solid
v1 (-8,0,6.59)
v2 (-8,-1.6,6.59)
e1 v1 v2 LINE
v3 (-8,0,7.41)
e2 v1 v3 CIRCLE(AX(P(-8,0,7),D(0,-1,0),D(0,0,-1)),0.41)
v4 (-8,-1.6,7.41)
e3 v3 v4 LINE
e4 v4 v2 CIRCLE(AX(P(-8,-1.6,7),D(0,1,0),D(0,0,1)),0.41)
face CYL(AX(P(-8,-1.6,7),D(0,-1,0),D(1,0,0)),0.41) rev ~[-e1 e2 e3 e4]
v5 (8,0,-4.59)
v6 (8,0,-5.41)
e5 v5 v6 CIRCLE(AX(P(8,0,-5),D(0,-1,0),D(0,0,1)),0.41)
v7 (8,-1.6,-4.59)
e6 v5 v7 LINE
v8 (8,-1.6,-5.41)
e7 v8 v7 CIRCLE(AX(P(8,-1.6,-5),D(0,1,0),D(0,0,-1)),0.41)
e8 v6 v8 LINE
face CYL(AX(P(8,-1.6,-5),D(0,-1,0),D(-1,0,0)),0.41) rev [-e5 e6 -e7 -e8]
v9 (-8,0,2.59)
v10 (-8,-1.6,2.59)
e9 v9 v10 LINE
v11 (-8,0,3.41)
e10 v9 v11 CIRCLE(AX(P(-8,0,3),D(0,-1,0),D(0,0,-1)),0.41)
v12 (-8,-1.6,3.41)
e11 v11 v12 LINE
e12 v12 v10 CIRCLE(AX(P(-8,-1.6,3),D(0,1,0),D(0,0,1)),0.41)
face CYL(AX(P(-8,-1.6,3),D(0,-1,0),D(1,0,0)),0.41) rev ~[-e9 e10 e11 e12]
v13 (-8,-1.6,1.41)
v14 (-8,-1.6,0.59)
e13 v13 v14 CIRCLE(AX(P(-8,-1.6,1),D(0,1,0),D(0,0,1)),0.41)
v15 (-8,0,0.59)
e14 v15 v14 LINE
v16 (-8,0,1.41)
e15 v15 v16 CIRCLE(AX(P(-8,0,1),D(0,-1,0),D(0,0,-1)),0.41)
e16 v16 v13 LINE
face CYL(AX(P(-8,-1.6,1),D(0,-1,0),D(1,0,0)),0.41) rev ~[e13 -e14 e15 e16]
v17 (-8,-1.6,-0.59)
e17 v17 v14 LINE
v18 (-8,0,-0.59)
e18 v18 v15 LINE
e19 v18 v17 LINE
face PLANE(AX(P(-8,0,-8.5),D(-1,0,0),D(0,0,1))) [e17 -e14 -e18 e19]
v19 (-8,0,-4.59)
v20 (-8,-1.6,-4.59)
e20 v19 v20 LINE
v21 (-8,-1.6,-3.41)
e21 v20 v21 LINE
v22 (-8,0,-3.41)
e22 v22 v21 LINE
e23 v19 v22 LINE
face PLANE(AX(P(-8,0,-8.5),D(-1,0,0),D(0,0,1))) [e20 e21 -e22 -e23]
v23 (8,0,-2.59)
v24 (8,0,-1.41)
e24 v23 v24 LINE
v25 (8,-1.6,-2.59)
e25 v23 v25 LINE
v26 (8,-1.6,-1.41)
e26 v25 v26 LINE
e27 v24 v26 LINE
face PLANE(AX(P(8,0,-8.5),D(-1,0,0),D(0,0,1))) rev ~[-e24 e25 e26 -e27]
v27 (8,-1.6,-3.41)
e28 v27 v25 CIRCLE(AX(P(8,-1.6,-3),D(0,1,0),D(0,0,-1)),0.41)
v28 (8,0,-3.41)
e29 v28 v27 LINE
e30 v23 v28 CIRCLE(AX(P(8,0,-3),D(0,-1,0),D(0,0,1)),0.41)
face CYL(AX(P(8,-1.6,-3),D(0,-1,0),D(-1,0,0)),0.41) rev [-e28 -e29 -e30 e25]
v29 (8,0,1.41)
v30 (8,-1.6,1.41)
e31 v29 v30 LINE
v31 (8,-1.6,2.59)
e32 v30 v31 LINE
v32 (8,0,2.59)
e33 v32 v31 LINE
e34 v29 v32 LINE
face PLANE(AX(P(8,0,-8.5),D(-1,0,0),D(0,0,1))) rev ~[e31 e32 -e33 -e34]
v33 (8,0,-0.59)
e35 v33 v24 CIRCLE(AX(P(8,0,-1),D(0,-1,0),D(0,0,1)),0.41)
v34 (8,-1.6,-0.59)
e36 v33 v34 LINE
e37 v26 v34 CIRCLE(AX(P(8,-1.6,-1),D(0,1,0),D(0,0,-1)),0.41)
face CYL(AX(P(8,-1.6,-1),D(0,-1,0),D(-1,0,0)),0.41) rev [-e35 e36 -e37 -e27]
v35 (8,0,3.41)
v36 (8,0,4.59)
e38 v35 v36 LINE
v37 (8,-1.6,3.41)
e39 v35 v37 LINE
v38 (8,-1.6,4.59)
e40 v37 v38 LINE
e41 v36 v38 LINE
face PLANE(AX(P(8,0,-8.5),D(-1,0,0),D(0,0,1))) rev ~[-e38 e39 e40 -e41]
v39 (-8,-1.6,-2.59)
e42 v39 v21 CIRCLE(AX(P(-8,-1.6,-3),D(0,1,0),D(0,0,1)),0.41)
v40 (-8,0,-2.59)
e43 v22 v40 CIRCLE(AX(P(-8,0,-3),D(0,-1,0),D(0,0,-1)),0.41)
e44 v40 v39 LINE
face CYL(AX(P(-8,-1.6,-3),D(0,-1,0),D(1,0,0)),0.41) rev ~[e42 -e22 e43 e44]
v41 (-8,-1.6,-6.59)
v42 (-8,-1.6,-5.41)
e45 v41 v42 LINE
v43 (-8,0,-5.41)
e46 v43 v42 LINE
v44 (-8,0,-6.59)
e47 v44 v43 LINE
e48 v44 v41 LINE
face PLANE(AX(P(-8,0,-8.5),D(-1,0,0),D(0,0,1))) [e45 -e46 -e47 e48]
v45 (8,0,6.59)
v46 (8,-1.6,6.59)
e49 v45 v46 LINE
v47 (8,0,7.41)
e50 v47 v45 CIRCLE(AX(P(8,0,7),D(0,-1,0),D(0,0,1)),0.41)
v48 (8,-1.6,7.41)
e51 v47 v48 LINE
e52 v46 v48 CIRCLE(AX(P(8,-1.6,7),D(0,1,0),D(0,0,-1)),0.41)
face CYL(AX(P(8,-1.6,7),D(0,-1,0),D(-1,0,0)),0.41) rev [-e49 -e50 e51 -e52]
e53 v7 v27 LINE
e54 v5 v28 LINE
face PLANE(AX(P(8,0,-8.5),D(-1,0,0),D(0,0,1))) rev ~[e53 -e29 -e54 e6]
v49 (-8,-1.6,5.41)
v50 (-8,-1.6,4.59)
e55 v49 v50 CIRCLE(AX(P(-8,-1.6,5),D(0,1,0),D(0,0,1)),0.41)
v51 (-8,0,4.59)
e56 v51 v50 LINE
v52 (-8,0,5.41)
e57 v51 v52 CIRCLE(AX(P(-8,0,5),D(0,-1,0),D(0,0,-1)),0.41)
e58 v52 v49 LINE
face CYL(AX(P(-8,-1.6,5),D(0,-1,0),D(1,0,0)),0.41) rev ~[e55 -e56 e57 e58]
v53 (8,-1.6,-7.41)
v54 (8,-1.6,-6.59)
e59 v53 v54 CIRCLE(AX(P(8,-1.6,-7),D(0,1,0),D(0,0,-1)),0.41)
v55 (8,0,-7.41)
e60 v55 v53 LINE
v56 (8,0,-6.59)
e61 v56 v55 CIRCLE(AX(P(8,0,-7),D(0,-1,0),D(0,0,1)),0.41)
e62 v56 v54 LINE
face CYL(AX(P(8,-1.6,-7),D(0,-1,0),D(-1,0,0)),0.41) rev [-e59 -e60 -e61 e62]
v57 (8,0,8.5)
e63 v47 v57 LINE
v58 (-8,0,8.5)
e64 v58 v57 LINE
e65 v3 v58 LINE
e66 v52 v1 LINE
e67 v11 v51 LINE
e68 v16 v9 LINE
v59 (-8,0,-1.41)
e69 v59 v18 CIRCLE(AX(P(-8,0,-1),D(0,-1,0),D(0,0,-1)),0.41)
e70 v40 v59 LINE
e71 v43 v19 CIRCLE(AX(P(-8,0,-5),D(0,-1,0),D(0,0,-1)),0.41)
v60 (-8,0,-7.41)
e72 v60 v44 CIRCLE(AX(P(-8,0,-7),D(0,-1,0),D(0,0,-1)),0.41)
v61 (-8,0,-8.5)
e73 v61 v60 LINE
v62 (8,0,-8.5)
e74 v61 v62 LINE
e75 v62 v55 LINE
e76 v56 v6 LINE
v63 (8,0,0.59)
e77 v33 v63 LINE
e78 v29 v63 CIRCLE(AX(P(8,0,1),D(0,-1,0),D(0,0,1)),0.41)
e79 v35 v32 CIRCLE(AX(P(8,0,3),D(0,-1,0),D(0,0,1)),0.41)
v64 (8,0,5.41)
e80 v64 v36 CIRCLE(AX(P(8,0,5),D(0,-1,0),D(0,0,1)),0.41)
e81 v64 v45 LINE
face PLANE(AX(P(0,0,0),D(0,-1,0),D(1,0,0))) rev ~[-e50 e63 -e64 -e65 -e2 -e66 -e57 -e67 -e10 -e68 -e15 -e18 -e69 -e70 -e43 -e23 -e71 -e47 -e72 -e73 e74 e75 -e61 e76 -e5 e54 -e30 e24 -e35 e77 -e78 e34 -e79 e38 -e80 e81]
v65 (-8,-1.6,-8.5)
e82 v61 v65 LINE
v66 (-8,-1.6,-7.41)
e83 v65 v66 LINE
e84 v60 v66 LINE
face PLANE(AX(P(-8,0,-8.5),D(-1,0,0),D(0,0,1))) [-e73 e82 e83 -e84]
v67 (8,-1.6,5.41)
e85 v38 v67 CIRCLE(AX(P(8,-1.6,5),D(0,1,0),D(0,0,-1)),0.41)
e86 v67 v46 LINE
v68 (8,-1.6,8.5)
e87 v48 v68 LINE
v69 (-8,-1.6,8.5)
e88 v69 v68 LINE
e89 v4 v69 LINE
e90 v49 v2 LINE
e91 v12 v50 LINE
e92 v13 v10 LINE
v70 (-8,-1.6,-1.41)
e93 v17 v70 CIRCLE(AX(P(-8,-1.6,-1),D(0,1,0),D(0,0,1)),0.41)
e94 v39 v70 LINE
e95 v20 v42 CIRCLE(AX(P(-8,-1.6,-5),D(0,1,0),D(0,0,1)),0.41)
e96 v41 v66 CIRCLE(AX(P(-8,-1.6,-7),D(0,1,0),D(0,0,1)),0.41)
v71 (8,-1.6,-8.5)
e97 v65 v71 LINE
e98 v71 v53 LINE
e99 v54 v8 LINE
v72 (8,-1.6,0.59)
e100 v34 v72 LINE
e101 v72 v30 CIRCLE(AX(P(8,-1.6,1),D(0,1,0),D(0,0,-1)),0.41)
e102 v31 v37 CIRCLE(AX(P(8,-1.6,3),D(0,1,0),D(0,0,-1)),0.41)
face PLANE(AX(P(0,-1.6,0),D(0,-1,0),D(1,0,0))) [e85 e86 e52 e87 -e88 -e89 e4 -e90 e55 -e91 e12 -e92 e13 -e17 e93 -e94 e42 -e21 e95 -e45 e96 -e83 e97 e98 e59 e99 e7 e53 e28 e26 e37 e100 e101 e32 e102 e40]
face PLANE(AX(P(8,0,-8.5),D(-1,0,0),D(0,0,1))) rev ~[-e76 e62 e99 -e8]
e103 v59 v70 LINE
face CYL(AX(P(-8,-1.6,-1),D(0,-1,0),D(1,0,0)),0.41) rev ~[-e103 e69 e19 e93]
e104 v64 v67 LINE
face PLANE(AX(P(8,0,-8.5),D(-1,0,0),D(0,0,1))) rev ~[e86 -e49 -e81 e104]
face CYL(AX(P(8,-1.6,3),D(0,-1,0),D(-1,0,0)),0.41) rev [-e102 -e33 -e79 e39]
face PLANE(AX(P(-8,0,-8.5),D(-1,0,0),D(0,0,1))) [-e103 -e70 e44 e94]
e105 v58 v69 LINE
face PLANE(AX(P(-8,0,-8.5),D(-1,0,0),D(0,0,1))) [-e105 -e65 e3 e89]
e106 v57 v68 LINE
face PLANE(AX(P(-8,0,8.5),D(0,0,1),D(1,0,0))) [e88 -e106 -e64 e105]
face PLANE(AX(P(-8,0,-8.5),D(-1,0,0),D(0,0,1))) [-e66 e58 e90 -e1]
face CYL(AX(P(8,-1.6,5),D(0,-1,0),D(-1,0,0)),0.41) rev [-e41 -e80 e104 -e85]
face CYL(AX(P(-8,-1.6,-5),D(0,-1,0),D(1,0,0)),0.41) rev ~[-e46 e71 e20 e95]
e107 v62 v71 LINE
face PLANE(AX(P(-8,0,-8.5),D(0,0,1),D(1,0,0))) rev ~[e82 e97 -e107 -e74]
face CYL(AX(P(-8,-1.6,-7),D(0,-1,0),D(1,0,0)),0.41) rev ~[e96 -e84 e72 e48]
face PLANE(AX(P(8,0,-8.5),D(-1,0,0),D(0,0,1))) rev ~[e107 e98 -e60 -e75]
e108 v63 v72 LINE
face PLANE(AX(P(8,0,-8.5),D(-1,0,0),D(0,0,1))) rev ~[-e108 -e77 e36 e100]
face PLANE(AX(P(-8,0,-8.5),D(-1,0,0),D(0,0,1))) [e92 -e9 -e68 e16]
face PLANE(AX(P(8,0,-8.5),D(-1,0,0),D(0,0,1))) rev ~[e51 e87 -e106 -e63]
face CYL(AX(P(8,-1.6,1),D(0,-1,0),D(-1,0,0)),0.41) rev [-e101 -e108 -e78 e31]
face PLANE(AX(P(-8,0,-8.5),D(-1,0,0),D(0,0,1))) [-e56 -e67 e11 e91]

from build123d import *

# Parameters (mm, degrees)
SKETCH_W                          = 16
SKETCH_H                          = 17
PAD_DEPTH                         = 1.6
SKETCH002_R                       = 0.41
POCKET_DEPTH                      = 48.401
POCKET_DEPTH_BACK                 = 46.801
SKETCH002_LINEARPATTERN_2_R       = 0.41
POCKET_LINEARPATTERN_2_DEPTH      = 48.401
POCKET_LINEARPATTERN_2_DEPTH_BACK = 46.801
SKETCH002_LINEARPATTERN_3_R       = 0.41
POCKET_LINEARPATTERN_3_DEPTH      = 48.401
POCKET_LINEARPATTERN_3_DEPTH_BACK = 46.801
SKETCH002_LINEARPATTERN_4_R       = 0.41
POCKET_LINEARPATTERN_4_DEPTH      = 48.401
POCKET_LINEARPATTERN_4_DEPTH_BACK = 46.801
SKETCH002_LINEARPATTERN_5_R       = 0.41
POCKET_LINEARPATTERN_5_DEPTH      = 48.401
POCKET_LINEARPATTERN_5_DEPTH_BACK = 46.801
SKETCH002_LINEARPATTERN_6_R       = 0.41
POCKET_LINEARPATTERN_6_DEPTH      = 48.401
POCKET_LINEARPATTERN_6_DEPTH_BACK = 46.801
SKETCH002_LINEARPATTERN_7_R       = 0.41
POCKET_LINEARPATTERN_7_DEPTH      = 48.401
POCKET_LINEARPATTERN_7_DEPTH_BACK = 46.801
SKETCH002_LINEARPATTERN_8_R       = 0.41
POCKET_LINEARPATTERN_8_DEPTH      = 48.401
POCKET_LINEARPATTERN_8_DEPTH_BACK = 46.801


with BuildPart() as part:
    # Sketch → Pad (new body)
    with BuildSketch(Plane.XZ):
        Rectangle(SKETCH_W, SKETCH_H)
    extrude(amount=PAD_DEPTH)

    # Sketch002 → Pocket (cut, two sides)
    with BuildSketch(Plane.XZ.offset(1.6)) as pocket_sk:
        with Locations((-8, 7)):
            Circle(SKETCH002_R)
    pocket = extrude(amount=-POCKET_DEPTH, mode=Mode.SUBTRACT) + extrude(pocket_sk.sketch, amount=POCKET_DEPTH_BACK, mode=Mode.SUBTRACT)

    # Sketch002 LinearPattern 2 → Pocket LinearPattern 2 (cut, two sides)
    with BuildSketch(Plane(origin=(0, -1.6, -2), x_dir=(1, 0, 0), z_dir=(0, -1, 0))) as pocket_linearpattern_2_sk:
        with Locations((-8, 7)):
            Circle(SKETCH002_LINEARPATTERN_2_R)
    pocket_linearpattern_2 = extrude(amount=-POCKET_LINEARPATTERN_2_DEPTH, mode=Mode.SUBTRACT) + extrude(pocket_linearpattern_2_sk.sketch, amount=POCKET_LINEARPATTERN_2_DEPTH_BACK, mode=Mode.SUBTRACT)

    # Sketch002 LinearPattern 3 → Pocket LinearPattern 3 (cut, two sides)
    with BuildSketch(Plane(origin=(0, -1.6, -4), x_dir=(1, 0, 0), z_dir=(0, -1, 0))) as pocket_linearpattern_3_sk:
        with Locations((-8, 7)):
            Circle(SKETCH002_LINEARPATTERN_3_R)
    pocket_linearpattern_3 = extrude(amount=-POCKET_LINEARPATTERN_3_DEPTH, mode=Mode.SUBTRACT) + extrude(pocket_linearpattern_3_sk.sketch, amount=POCKET_LINEARPATTERN_3_DEPTH_BACK, mode=Mode.SUBTRACT)

    # Sketch002 LinearPattern 4 → Pocket LinearPattern 4 (cut, two sides)
    with BuildSketch(Plane(origin=(0, -1.6, -6), x_dir=(1, 0, 0), z_dir=(0, -1, 0))) as pocket_linearpattern_4_sk:
        with Locations((-8, 7)):
            Circle(SKETCH002_LINEARPATTERN_4_R)
    pocket_linearpattern_4 = extrude(amount=-POCKET_LINEARPATTERN_4_DEPTH, mode=Mode.SUBTRACT) + extrude(pocket_linearpattern_4_sk.sketch, amount=POCKET_LINEARPATTERN_4_DEPTH_BACK, mode=Mode.SUBTRACT)

    # Sketch002 LinearPattern 5 → Pocket LinearPattern 5 (cut, two sides)
    with BuildSketch(Plane(origin=(0, -1.6, -8), x_dir=(1, 0, 0), z_dir=(0, -1, 0))) as pocket_linearpattern_5_sk:
        with Locations((-8, 7)):
            Circle(SKETCH002_LINEARPATTERN_5_R)
    pocket_linearpattern_5 = extrude(amount=-POCKET_LINEARPATTERN_5_DEPTH, mode=Mode.SUBTRACT) + extrude(pocket_linearpattern_5_sk.sketch, amount=POCKET_LINEARPATTERN_5_DEPTH_BACK, mode=Mode.SUBTRACT)

    # Sketch002 LinearPattern 6 → Pocket LinearPattern 6 (cut, two sides)
    with BuildSketch(Plane(origin=(0, -1.6, -10), x_dir=(1, 0, 0), z_dir=(0, -1, 0))) as pocket_linearpattern_6_sk:
        with Locations((-8, 7)):
            Circle(SKETCH002_LINEARPATTERN_6_R)
    pocket_linearpattern_6 = extrude(amount=-POCKET_LINEARPATTERN_6_DEPTH, mode=Mode.SUBTRACT) + extrude(pocket_linearpattern_6_sk.sketch, amount=POCKET_LINEARPATTERN_6_DEPTH_BACK, mode=Mode.SUBTRACT)

    # Sketch002 LinearPattern 7 → Pocket LinearPattern 7 (cut, two sides)
    with BuildSketch(Plane(origin=(0, -1.6, -12), x_dir=(1, 0, 0), z_dir=(0, -1, 0))) as pocket_linearpattern_7_sk:
        with Locations((-8, 7)):
            Circle(SKETCH002_LINEARPATTERN_7_R)
    pocket_linearpattern_7 = extrude(amount=-POCKET_LINEARPATTERN_7_DEPTH, mode=Mode.SUBTRACT) + extrude(pocket_linearpattern_7_sk.sketch, amount=POCKET_LINEARPATTERN_7_DEPTH_BACK, mode=Mode.SUBTRACT)

    # Sketch002 LinearPattern 8 → Pocket LinearPattern 8 (cut, two sides)
    with BuildSketch(Plane(origin=(0, -1.6, -14), x_dir=(1, 0, 0), z_dir=(0, -1, 0))) as pocket_linearpattern_8_sk:
        with Locations((-8, 7)):
            Circle(SKETCH002_LINEARPATTERN_8_R)
    pocket_linearpattern_8 = extrude(amount=-POCKET_LINEARPATTERN_8_DEPTH, mode=Mode.SUBTRACT) + extrude(pocket_linearpattern_8_sk.sketch, amount=POCKET_LINEARPATTERN_8_DEPTH_BACK, mode=Mode.SUBTRACT)

    # Mirrored: Pocket, Pocket LinearPattern 2, Pocket LinearPattern 3, Pocket LinearPattern 4, Pocket LinearPattern 5, Pocket LinearPattern 6, Pocket LinearPattern 7, Pocket LinearPattern 8 across YZ
    add(pocket.mirror(Plane.YZ), mode=Mode.SUBTRACT)
    add(pocket_linearpattern_2.mirror(Plane.YZ), mode=Mode.SUBTRACT)
    add(pocket_linearpattern_3.mirror(Plane.YZ), mode=Mode.SUBTRACT)
    add(pocket_linearpattern_4.mirror(Plane.YZ), mode=Mode.SUBTRACT)
    add(pocket_linearpattern_5.mirror(Plane.YZ), mode=Mode.SUBTRACT)
    add(pocket_linearpattern_6.mirror(Plane.YZ), mode=Mode.SUBTRACT)
    add(pocket_linearpattern_7.mirror(Plane.YZ), mode=Mode.SUBTRACT)
    add(pocket_linearpattern_8.mirror(Plane.YZ), mode=Mode.SUBTRACT)


solid = part.part
